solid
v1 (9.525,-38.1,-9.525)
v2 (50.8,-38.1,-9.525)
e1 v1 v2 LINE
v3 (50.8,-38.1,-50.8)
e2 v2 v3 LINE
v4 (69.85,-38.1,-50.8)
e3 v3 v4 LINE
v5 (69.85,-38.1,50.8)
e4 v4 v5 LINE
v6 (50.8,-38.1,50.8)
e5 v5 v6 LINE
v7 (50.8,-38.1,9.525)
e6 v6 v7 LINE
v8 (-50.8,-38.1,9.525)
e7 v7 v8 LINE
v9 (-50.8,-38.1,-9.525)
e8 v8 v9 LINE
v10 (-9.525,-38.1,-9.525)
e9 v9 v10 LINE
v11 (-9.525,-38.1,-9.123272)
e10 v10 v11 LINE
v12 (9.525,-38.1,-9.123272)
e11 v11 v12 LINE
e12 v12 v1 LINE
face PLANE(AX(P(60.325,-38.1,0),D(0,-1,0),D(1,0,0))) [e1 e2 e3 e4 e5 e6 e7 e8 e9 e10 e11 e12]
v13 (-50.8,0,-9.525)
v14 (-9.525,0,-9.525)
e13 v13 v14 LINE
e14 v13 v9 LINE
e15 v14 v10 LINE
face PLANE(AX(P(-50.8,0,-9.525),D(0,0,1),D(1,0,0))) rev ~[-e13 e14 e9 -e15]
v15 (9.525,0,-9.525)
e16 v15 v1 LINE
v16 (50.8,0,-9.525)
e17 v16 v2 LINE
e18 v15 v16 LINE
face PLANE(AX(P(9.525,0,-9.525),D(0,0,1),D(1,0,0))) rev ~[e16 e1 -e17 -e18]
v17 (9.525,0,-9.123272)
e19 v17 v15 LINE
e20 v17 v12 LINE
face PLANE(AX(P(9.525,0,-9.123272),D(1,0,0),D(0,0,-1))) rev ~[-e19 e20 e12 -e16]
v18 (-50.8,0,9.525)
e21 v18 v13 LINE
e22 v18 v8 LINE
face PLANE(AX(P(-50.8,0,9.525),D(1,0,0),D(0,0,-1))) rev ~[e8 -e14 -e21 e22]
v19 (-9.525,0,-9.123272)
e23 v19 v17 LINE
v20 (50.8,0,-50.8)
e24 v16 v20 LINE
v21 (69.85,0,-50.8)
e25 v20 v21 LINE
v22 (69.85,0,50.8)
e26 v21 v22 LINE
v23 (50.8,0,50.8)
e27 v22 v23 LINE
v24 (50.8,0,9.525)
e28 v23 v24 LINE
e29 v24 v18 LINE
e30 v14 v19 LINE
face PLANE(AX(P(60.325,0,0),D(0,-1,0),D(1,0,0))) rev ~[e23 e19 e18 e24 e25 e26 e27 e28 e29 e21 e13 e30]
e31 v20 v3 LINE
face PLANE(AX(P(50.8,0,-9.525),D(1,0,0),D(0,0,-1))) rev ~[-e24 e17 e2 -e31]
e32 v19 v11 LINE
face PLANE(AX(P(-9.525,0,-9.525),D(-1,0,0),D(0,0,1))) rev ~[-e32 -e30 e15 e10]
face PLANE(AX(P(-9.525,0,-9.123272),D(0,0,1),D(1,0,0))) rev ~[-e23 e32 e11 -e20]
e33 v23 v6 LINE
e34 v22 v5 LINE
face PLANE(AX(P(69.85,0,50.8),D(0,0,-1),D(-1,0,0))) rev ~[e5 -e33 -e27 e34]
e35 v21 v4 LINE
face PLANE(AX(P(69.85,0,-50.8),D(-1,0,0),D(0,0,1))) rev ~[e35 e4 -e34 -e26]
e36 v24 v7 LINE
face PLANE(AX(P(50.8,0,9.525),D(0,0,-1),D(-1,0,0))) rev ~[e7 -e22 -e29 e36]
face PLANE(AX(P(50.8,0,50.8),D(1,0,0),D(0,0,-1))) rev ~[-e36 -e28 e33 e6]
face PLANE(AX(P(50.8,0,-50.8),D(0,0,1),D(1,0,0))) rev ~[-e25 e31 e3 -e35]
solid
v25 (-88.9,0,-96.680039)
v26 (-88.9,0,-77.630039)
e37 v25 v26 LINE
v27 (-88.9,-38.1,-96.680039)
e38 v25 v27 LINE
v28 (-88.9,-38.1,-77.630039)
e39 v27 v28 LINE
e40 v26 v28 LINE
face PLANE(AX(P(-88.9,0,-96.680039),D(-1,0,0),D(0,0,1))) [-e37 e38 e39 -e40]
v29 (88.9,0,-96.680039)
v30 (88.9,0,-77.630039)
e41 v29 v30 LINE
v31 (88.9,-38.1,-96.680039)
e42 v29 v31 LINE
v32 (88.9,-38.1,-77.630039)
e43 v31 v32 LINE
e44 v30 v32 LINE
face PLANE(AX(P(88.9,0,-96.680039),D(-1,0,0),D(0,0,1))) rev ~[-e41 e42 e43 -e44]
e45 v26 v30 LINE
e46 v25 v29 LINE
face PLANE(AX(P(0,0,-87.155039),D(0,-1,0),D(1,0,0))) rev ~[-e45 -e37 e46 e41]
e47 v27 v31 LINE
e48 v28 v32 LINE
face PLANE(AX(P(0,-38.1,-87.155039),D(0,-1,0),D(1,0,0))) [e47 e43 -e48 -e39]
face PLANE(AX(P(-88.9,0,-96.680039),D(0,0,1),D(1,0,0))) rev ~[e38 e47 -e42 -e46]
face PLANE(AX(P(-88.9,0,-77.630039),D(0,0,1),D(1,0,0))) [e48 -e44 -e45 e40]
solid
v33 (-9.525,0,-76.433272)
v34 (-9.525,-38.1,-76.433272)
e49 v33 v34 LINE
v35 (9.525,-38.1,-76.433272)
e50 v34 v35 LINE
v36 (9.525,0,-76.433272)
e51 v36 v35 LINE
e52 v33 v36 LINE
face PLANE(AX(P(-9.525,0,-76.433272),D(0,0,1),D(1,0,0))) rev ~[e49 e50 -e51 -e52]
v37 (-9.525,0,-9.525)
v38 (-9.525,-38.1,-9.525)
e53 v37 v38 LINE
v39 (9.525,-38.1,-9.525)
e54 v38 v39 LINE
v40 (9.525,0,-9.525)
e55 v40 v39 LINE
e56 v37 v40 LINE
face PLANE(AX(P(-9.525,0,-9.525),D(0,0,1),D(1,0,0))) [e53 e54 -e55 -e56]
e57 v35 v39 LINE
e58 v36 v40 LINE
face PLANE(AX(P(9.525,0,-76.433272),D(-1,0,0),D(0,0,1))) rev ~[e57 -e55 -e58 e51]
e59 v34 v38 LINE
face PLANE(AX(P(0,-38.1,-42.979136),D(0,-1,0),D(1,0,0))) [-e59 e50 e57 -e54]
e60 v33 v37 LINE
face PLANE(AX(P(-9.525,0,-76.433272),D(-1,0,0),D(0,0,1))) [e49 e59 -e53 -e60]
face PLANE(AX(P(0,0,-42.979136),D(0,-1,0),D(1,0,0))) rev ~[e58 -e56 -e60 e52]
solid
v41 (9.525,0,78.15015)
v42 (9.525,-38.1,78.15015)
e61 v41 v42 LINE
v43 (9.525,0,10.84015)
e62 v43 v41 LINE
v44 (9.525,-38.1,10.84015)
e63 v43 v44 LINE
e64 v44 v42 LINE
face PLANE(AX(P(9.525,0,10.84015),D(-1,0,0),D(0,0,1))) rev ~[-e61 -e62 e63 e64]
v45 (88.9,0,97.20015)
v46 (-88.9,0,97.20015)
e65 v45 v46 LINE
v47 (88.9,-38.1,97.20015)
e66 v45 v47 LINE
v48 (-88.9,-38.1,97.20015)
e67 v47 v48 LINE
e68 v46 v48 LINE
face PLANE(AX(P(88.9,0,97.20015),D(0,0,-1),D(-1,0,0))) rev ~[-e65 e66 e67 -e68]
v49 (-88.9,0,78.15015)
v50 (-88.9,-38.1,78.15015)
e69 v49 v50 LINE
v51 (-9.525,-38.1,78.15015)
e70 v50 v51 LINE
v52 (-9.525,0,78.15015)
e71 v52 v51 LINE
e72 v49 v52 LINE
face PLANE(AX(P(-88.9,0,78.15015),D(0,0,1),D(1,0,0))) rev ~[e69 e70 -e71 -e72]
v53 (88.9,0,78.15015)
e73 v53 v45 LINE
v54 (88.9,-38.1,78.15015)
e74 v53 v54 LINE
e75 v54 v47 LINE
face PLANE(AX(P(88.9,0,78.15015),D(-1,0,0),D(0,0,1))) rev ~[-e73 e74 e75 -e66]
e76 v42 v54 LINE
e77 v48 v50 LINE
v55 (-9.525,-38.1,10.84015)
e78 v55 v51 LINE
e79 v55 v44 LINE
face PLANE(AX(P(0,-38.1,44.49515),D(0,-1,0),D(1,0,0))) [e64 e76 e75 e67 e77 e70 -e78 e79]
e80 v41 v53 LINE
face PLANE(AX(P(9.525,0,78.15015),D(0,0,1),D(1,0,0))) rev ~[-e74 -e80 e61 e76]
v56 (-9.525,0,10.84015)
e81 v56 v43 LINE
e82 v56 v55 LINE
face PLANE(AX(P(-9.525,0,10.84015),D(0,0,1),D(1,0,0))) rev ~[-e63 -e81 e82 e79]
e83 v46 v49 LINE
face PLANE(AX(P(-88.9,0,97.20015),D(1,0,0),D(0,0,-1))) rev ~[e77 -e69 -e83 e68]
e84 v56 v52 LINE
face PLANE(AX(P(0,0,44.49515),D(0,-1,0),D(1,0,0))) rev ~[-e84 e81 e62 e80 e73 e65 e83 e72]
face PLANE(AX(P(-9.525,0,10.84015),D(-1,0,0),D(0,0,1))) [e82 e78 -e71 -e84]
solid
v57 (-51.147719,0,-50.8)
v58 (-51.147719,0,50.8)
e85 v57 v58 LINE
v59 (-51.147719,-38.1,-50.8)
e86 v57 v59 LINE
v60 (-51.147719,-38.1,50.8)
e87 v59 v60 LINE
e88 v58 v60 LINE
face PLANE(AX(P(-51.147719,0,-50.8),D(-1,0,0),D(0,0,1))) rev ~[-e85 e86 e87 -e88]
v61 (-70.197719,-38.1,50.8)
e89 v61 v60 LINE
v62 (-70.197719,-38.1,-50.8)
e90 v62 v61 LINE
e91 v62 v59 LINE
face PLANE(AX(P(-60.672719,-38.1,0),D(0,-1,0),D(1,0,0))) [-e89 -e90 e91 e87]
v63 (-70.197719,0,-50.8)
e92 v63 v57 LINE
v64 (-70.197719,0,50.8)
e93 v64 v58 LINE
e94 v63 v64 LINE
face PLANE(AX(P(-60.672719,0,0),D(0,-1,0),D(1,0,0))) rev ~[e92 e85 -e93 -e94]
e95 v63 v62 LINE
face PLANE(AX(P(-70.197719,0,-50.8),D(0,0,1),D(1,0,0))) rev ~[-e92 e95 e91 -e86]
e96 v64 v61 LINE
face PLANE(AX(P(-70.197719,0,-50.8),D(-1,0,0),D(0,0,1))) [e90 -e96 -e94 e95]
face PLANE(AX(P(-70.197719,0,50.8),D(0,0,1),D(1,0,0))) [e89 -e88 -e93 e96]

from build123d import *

# Parameters (mm, degrees)
F0_W     = 19.05
F0_H     = 101.6
F0_H_2   = 67.31
F0_H_3   = 66.908272
F0_W_2   = 177.8
F0_H_4   = 19.05
F1_DEPTH = 38.1


with BuildPart() as f1:
    # F0 (on Front) → F1 (new body)
    with BuildSketch(Plane.XZ):
        with Locations((-60.672719, 0)):
            Rectangle(F0_W, F0_H)
        Polygon((50.8, 9.525), (50.8, -9.525), (50.8, -50.8), (69.85, -50.8), (69.85, 50.8), (50.8, 50.8), align=None)
        Polygon((-9.525, -9.525), (-9.525, -9.123272), (9.525, -9.123272), (9.525, -9.525), (50.8, -9.525), (50.8, 9.525), (-50.8, 9.525), (-50.8, -9.525), align=None)
        with Locations((0, 44.49515)):
            Rectangle(F0_W, F0_H_2)
        with Locations((0, -42.979136)):
            Rectangle(F0_W, F0_H_3)
        with Locations((0, -87.155039)):
            Rectangle(F0_W_2, F0_H_4)
        Polygon((88.9, 97.20015), (-88.9, 97.20015), (-88.9, 78.15015), (-9.525, 78.15015), (9.525, 78.15015), (88.9, 78.15015), align=None)
    extrude(amount=F1_DEPTH)


solid = f1.part
